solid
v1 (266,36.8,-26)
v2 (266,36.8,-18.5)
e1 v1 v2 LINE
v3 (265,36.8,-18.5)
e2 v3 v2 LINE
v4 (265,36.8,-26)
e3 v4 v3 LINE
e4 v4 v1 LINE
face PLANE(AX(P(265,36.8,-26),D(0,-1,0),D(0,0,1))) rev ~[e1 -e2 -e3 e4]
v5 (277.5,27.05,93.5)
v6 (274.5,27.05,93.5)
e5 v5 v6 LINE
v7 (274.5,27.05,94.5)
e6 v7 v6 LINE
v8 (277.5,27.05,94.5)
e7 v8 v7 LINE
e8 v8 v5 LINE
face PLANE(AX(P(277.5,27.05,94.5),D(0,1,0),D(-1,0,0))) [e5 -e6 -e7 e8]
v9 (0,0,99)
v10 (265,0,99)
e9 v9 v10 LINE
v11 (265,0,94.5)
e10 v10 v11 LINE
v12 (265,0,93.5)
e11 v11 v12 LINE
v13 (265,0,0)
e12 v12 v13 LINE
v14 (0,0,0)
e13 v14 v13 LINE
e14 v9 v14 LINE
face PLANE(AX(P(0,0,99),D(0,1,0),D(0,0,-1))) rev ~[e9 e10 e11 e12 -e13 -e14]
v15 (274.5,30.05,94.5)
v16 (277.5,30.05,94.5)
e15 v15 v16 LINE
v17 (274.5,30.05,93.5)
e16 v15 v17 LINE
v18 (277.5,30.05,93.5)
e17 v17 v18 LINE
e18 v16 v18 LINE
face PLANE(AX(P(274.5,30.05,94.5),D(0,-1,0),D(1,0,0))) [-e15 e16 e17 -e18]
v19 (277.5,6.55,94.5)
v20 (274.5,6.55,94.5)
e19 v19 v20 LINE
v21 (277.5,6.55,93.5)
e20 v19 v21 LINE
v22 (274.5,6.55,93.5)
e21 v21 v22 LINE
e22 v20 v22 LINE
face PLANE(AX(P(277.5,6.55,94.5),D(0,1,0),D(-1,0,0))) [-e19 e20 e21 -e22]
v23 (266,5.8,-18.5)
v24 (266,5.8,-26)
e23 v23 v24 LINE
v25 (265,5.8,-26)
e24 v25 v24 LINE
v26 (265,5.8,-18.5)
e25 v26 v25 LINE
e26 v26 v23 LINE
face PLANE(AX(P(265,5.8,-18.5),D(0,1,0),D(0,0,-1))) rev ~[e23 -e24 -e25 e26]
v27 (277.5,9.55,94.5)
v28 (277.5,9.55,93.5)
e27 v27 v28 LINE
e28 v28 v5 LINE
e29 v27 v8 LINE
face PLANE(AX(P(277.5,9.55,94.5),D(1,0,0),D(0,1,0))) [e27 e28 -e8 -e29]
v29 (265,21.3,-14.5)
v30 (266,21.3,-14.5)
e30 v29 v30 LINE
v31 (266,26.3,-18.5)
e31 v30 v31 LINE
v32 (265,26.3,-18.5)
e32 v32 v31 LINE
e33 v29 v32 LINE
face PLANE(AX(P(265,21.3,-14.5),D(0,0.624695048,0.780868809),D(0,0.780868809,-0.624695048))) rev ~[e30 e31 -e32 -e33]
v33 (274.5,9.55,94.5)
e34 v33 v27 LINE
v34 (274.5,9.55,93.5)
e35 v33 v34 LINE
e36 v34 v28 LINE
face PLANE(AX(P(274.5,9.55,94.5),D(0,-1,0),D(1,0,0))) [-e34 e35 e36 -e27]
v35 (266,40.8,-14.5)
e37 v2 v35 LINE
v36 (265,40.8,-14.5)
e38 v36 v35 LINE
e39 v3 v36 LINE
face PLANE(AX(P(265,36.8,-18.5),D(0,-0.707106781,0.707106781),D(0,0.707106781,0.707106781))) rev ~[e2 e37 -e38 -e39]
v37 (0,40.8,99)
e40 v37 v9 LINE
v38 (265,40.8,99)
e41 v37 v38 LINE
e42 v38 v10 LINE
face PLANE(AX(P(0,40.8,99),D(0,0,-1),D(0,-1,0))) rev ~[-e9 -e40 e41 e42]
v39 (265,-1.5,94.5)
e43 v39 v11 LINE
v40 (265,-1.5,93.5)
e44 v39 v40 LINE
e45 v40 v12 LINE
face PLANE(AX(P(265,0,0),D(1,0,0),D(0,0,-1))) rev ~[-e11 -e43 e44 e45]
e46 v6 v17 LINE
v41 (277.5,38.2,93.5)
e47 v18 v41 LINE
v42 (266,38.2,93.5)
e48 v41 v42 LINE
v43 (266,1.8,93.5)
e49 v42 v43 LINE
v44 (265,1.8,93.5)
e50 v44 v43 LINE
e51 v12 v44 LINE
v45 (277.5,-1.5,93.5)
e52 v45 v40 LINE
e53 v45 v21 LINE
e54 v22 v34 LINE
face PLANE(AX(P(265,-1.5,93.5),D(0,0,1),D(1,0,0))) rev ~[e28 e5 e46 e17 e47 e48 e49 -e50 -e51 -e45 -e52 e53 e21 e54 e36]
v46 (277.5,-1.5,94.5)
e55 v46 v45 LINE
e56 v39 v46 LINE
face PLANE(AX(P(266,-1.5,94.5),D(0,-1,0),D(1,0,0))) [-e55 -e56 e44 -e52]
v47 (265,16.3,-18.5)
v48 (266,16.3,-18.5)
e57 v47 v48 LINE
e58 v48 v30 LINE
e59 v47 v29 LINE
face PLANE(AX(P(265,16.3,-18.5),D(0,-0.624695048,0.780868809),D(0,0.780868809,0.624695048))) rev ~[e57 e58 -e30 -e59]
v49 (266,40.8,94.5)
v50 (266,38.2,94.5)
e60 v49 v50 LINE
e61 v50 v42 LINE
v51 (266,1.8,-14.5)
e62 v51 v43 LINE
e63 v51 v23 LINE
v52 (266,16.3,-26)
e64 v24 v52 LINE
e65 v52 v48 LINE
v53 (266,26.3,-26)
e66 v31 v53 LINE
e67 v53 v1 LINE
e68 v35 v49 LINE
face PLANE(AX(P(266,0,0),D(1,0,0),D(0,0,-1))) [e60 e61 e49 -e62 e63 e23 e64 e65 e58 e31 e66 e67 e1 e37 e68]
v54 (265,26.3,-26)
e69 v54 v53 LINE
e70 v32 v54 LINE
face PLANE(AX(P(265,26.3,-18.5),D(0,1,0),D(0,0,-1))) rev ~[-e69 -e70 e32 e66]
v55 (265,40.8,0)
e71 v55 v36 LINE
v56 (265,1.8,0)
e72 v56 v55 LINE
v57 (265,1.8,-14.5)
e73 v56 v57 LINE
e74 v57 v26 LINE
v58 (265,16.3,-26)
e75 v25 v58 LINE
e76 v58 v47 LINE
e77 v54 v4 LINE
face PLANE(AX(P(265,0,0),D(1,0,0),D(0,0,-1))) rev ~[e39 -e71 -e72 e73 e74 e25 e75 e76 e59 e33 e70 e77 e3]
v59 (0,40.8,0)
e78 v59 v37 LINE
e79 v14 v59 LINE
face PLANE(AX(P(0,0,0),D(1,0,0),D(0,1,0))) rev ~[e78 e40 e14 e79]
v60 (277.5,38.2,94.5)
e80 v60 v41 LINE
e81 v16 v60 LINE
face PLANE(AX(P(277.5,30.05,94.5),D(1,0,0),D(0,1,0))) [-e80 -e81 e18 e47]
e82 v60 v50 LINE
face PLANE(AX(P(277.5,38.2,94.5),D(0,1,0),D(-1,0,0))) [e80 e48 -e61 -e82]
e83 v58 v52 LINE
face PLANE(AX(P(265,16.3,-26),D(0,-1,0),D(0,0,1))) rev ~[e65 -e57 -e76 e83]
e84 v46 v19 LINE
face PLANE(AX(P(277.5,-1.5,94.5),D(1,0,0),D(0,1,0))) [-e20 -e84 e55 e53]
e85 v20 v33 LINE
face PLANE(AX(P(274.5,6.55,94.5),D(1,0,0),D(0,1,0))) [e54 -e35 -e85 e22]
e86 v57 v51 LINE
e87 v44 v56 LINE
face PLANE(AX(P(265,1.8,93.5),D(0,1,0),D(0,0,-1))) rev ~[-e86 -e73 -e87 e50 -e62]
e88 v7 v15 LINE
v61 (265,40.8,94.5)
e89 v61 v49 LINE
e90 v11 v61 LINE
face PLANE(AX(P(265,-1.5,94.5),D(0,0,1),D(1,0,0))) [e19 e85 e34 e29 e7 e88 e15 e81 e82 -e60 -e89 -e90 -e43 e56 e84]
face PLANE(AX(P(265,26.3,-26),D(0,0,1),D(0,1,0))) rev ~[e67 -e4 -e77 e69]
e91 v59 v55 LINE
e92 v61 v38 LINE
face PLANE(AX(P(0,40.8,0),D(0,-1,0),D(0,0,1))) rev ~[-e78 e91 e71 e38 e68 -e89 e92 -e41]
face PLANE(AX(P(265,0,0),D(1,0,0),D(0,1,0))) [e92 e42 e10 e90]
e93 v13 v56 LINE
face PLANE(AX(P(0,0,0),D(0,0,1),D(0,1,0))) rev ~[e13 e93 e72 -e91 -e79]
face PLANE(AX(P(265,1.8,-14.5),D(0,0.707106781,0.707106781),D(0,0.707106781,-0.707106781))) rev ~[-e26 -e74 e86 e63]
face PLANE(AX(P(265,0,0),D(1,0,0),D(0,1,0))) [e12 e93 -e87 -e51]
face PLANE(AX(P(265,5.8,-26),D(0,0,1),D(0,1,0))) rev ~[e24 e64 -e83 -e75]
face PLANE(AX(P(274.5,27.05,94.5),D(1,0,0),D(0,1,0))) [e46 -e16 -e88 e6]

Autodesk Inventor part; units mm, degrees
ref_plane "YZ Plane" through (0, 0, 0) normal (1, 0, 0) x (0, 1, 0)
ref_plane "XZ Plane" through (0, 0, 0) normal (0, 1, 0) x (-1, 0, 0)
ref_plane "XY Plane" through (0, 0, 0) normal (0, 0, 1) x (1, 0, 0)
sketch "Sketch1" plane through (0, 0, 0) normal (1, 0, 0) x (0, 1, 0)
  line L0 (0, 0) -> (40.8, 0)
  line L1 (40.8, 0) -> (40.8, 99)
  line L2 (40.8, 99) -> (0, 99)
  line L3 (0, 99) -> (0, 0)
  dimension "d0" = 40.8
  dimension "d1" = 99
extrude "Extrusion1" add sketch "Sketch1" along normal blind 265
sketch "Sketch2" plane through (265, 0, 0) normal (1, 0, 0) x (0, 0, -1)
  line L0 (0, 40.8) -> (-99, 40.8) projected
  line L1 (-94.5, 40.8) -> (-94.5, -1.5)
  line L2 (-94.5, -1.5) -> (-93.5, -1.5)
  line L3 (-93.5, -1.5) -> (-93.5, 1.8)
  line L4 (-93.5, 1.8) -> (14.5, 1.8)
  line L5 (14.5, 1.8) -> (18.5, 5.8)
  line L6 (18.5, 5.8) -> (26, 5.8)
  line L7 (26, 5.8) -> (26, 16.3)
  line L8 (26, 16.3) -> (18.5, 16.3)
  line L9 (18.5, 16.3) -> (14.5, 21.3)
  line L10 (14.5, 21.3) -> (18.5, 26.3)
  line L11 (18.5, 26.3) -> (26, 26.3)
  line L12 (26, 26.3) -> (26, 36.8)
  line L13 (26, 36.8) -> (18.5, 36.8)
  line L14 (18.5, 36.8) -> (14.5, 40.8)
  line L15 (14.5, 40.8) -> (0, 40.8)
  line L16 (0, 0) -> (0, 40.8) projected
  line L17 (0, 40.8) -> (-94.5, 40.8)
  line L18 (-99, 40.8) -> (-99, 0) projected
  line L19 (-99, 0) -> (0, 0) projected
  line L20 (14.5, 21.3) -> (14.5, 40.8) construction
  dimension "d4" = 4.5
  dimension "d5" = 1
  dimension "d6" = 1.5
  dimension "d7" = 135
  dimension "d8" = 135
  dimension "d9" = 10.5
  dimension "d10" = 4
  dimension "d11" = 7.5
  dimension "d13" = 10
  dimension "d14" = 108
extrude "Extrusion2" add sketch "Sketch2" along normal blind 1 contours L16 L4 L3 L19 L1 L0 | L15 L14 L13 L12 L11 L10 L9 L8 L7 L6 L5 L4 L16 | L19 L3 L2 L1
sketch "Sketch3" plane through (265, -1.5, 94.5) normal (0, 0, 1) x (1, 0, 0)
  line L0 (1, 42.3) -> (1, 0) projected
  line L1 (1, 0) -> (12.5, 0)
  line L2 (12.5, 0) -> (12.5, 8.05)
  line L3 (12.5, 8.05) -> (9.5, 8.05)
  line L4 (9.5, 8.05) -> (9.5, 11.05)
  line L5 (9.5, 11.05) -> (12.5, 11.05)
  line L6 (12.5, 11.05) -> (12.5, 28.55)
  line L7 (12.5, 28.55) -> (9.5, 28.55)
  line L8 (9.5, 28.55) -> (9.5, 31.55)
  line L9 (9.5, 31.55) -> (12.5, 31.55)
  line L10 (12.5, 31.55) -> (12.5, 39.7)
  line L11 (12.5, 39.7) -> (1, 39.7)
  line L12 (1, 39.7) -> (1, 0)
  line L13 (0, 42.3) -> (0, 1.5) projected
  line L14 (0, 42.3) -> (1, 42.3) projected
  point P0 (-265, 1.5)
  point P1 (9.5, 30.05)
  point P2 (9.5, 9.55)
  dimension "d17" = 11.5
  dimension "d18" = 12.25
  dimension "d19" = 20.5
  dimension "d20" = 3
  dimension "d21" = 3
  dimension "d22" = 3
  dimension "d23" = 2.6
extrude "Extrusion3" add sketch "Sketch3" against normal blind 1
properties part number "Vega56dummy"
